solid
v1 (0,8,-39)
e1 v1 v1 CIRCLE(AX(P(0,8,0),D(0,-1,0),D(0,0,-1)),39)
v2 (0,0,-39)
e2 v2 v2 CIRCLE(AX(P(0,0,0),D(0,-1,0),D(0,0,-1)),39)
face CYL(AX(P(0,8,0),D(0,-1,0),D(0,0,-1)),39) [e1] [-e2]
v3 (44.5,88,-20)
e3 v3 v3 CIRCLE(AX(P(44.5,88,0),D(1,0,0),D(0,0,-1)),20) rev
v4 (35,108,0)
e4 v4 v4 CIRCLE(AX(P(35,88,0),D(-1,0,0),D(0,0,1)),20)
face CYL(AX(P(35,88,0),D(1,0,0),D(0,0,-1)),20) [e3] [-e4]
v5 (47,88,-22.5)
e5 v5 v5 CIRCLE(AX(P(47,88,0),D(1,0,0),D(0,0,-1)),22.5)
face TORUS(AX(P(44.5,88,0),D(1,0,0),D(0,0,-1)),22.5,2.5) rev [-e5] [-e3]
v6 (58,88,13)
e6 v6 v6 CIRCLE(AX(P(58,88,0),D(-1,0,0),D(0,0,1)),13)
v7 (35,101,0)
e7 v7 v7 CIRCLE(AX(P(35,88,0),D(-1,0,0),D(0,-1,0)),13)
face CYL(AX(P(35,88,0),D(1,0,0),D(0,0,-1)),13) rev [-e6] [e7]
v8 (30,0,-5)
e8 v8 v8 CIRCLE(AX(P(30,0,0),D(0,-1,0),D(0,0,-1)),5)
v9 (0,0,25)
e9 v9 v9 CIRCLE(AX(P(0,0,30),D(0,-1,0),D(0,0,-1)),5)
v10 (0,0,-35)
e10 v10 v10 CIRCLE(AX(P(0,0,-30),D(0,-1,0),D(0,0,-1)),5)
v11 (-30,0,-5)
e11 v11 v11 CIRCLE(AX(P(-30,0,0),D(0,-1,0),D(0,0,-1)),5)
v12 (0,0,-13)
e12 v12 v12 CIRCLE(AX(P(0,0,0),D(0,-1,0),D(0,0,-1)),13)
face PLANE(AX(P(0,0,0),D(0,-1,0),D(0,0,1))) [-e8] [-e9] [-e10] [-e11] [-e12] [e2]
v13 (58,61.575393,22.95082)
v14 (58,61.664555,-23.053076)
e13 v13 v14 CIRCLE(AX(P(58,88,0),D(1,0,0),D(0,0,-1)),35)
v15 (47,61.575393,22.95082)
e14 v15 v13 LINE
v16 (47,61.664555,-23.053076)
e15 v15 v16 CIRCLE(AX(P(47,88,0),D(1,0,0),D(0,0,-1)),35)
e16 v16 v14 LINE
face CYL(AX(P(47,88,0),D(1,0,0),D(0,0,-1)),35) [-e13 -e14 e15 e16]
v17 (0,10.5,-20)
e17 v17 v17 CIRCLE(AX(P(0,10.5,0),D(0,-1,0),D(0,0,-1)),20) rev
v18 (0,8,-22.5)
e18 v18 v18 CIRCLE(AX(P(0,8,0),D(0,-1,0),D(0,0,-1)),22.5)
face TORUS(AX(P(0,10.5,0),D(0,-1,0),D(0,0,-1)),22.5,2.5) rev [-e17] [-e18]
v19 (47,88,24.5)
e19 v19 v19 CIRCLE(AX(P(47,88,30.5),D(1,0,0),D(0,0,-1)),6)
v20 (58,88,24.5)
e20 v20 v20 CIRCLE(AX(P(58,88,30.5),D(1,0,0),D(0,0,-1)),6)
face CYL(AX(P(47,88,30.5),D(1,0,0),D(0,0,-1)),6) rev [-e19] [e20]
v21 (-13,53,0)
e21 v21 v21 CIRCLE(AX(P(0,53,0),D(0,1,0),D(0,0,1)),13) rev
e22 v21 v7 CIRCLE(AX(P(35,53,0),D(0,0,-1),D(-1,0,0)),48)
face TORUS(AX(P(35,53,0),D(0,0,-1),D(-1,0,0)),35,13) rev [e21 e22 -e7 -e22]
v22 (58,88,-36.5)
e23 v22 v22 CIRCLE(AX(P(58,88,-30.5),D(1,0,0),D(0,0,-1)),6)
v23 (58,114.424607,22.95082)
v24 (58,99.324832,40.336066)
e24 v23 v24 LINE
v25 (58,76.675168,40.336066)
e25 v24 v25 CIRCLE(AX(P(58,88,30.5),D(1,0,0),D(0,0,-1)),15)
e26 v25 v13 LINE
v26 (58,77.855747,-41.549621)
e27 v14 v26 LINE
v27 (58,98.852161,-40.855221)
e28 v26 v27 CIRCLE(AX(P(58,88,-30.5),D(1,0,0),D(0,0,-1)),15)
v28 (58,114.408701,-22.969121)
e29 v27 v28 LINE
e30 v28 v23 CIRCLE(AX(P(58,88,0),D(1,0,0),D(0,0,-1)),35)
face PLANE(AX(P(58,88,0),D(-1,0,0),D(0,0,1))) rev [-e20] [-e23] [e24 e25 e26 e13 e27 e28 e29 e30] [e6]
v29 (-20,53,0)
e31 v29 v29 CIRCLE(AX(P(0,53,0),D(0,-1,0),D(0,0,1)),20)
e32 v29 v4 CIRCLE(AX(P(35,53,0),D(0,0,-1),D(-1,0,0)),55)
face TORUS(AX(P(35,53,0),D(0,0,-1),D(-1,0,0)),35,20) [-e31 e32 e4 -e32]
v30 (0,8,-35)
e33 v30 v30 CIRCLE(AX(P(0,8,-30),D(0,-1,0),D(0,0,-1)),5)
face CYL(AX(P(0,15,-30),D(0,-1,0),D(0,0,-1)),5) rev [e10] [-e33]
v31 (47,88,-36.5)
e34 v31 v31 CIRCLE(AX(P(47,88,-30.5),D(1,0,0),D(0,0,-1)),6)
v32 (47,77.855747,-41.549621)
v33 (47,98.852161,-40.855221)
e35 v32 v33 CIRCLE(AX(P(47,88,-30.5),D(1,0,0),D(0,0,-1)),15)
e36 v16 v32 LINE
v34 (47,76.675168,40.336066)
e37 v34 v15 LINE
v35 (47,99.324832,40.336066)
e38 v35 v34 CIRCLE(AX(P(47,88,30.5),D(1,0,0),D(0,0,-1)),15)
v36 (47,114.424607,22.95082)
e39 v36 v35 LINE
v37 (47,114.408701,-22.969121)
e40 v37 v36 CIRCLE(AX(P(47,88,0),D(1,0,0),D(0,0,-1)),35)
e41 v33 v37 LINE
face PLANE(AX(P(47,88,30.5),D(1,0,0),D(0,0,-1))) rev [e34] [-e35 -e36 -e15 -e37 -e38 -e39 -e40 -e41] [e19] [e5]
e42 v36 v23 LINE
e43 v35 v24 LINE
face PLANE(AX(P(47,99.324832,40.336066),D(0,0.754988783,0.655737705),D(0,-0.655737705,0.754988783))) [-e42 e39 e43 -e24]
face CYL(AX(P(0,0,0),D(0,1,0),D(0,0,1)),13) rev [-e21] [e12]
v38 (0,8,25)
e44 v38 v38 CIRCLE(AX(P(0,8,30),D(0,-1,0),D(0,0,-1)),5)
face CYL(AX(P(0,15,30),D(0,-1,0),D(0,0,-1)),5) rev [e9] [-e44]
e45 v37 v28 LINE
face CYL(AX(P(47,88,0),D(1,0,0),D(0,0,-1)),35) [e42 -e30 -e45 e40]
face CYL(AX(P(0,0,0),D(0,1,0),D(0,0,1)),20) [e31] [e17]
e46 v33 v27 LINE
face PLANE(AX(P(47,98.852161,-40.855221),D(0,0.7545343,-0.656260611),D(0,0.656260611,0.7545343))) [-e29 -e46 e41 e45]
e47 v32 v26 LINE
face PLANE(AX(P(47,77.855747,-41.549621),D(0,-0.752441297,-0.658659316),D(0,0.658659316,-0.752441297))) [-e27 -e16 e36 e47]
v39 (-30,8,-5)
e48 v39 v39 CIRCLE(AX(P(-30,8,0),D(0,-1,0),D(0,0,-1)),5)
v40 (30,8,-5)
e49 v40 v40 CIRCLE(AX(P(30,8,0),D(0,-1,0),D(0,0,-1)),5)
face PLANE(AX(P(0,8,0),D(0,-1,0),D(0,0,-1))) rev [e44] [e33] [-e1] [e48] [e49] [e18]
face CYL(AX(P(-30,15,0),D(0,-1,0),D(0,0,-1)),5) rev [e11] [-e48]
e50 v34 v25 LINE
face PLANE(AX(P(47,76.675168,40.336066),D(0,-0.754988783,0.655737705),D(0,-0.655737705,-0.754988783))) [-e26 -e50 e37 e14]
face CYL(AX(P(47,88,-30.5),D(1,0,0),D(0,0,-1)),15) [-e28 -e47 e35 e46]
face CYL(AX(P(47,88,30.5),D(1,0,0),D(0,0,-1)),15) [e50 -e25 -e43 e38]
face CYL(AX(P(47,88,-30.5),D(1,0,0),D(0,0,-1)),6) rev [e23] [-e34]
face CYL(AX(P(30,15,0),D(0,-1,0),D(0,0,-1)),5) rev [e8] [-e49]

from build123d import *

# Parameters (mm, degrees)
BARRER_L_MINA1_PROFILE_R   = 20
BARRER_L_MINA1_PROFILE_R_2 = 13
CROQUIS166_R               = 6
CROQUIS166_R_2             = 20
SALIENTE_EXTRUIR2_DEPTH    = 11
SALIENTE_EXTRUIR3_START    = -8
CROQUIS167_R               = 39
CROQUIS167_R_2             = 13
SALIENTE_EXTRUIR3_DEPTH    = 8
CROQUIS168_R               = 5
CORTAR_EXTRUIR2_DEPTH      = 15
REDONDEO1_R                = 2.5
REDONDEO2_R                = 2.5


with BuildPart() as part:
    # Barrer-Lámina1: sweep along a path in Croquis8
    with BuildLine(Plane.XY) as barrer_l_mina1_path:
        Line((0, 0), (0, 53))
        ThreePointArc((0, 53), (10.251262658, 77.748737342), (35, 88))
        Line((35, 88), (58, 88))
    # Barrer-Lámina1 profile (on start of the path) → Barrer-Lámina1 (sweep)
    with BuildSketch(Plane.ZX):
        Circle(BARRER_L_MINA1_PROFILE_R)
        Circle(BARRER_L_MINA1_PROFILE_R_2, mode=Mode.SUBTRACT)
    sweep(path=barrer_l_mina1_path.line)

    # Croquis166 → Saliente-Extruir2 (add)
    with BuildSketch(Plane(origin=(58, 0, 0), x_dir=(0, 0, -1), z_dir=(1, 0, 0))):
        with BuildLine():
            Line((-40.336065574, 99.324831744), (-22.950819672, 114.424607403))
            ThreePointArc((-22.950819672, 114.424607403), (0.012124177, 122.9999979), (22.969121399, 114.408700501))
            Line((22.969121399, 114.408700501), (40.855221071, 98.852160917))
            ThreePointArc((40.855221071, 98.852160917), (45.491803378, 88.495813939), (41.549621493, 77.8557472))
            Line((41.549621493, 77.8557472), (23.053076053, 61.664554599))
            ThreePointArc((23.053076053, 61.664554599), (0.067834781, 53.000065737), (-22.950819672, 61.575392597))
            Line((-22.950819672, 61.575392597), (-40.336065574, 76.675168256))
            ThreePointArc((-40.336065574, 76.675168256), (-45.5, 88), (-40.336065574, 99.324831744))
        make_face()
        with Locations((-30.5, 88)):
            Circle(CROQUIS166_R, mode=Mode.SUBTRACT)
        with Locations((30.5, 88)):
            Circle(CROQUIS166_R, mode=Mode.SUBTRACT)
        with Locations((0, 88)):
            Circle(CROQUIS166_R_2, mode=Mode.SUBTRACT)
    extrude(amount=-SALIENTE_EXTRUIR2_DEPTH)

    # Croquis167 → Saliente-Extruir3 (add)
    with BuildSketch(Plane.XZ.offset(SALIENTE_EXTRUIR3_START)):
        Circle(CROQUIS167_R)
        Circle(CROQUIS167_R_2, mode=Mode.SUBTRACT)
    extrude(amount=SALIENTE_EXTRUIR3_DEPTH)

    # Croquis168 → Cortar-Extruir2 (cut)
    with BuildSketch(Plane.XZ):
        with Locations((0, 30)):
            Circle(CROQUIS168_R)
        with Locations((0, -30)):
            Circle(CROQUIS168_R)
        with Locations((30, 0)):
            Circle(CROQUIS168_R)
        with Locations((-30, 0)):
            Circle(CROQUIS168_R)
    extrude(amount=-CORTAR_EXTRUIR2_DEPTH, mode=Mode.SUBTRACT)

    # Redondeo1
    redondeo1_edges = [part.edges().sort_by_distance(p)[0] for p in [
        (47, 88, -20),
    ]]
    fillet(redondeo1_edges, radius=REDONDEO1_R)

    # Redondeo2
    redondeo2_edges = [part.edges().sort_by_distance(p)[0] for p in [
        (0, 8, -20),
    ]]
    fillet(redondeo2_edges, radius=REDONDEO2_R)


solid = part.part
